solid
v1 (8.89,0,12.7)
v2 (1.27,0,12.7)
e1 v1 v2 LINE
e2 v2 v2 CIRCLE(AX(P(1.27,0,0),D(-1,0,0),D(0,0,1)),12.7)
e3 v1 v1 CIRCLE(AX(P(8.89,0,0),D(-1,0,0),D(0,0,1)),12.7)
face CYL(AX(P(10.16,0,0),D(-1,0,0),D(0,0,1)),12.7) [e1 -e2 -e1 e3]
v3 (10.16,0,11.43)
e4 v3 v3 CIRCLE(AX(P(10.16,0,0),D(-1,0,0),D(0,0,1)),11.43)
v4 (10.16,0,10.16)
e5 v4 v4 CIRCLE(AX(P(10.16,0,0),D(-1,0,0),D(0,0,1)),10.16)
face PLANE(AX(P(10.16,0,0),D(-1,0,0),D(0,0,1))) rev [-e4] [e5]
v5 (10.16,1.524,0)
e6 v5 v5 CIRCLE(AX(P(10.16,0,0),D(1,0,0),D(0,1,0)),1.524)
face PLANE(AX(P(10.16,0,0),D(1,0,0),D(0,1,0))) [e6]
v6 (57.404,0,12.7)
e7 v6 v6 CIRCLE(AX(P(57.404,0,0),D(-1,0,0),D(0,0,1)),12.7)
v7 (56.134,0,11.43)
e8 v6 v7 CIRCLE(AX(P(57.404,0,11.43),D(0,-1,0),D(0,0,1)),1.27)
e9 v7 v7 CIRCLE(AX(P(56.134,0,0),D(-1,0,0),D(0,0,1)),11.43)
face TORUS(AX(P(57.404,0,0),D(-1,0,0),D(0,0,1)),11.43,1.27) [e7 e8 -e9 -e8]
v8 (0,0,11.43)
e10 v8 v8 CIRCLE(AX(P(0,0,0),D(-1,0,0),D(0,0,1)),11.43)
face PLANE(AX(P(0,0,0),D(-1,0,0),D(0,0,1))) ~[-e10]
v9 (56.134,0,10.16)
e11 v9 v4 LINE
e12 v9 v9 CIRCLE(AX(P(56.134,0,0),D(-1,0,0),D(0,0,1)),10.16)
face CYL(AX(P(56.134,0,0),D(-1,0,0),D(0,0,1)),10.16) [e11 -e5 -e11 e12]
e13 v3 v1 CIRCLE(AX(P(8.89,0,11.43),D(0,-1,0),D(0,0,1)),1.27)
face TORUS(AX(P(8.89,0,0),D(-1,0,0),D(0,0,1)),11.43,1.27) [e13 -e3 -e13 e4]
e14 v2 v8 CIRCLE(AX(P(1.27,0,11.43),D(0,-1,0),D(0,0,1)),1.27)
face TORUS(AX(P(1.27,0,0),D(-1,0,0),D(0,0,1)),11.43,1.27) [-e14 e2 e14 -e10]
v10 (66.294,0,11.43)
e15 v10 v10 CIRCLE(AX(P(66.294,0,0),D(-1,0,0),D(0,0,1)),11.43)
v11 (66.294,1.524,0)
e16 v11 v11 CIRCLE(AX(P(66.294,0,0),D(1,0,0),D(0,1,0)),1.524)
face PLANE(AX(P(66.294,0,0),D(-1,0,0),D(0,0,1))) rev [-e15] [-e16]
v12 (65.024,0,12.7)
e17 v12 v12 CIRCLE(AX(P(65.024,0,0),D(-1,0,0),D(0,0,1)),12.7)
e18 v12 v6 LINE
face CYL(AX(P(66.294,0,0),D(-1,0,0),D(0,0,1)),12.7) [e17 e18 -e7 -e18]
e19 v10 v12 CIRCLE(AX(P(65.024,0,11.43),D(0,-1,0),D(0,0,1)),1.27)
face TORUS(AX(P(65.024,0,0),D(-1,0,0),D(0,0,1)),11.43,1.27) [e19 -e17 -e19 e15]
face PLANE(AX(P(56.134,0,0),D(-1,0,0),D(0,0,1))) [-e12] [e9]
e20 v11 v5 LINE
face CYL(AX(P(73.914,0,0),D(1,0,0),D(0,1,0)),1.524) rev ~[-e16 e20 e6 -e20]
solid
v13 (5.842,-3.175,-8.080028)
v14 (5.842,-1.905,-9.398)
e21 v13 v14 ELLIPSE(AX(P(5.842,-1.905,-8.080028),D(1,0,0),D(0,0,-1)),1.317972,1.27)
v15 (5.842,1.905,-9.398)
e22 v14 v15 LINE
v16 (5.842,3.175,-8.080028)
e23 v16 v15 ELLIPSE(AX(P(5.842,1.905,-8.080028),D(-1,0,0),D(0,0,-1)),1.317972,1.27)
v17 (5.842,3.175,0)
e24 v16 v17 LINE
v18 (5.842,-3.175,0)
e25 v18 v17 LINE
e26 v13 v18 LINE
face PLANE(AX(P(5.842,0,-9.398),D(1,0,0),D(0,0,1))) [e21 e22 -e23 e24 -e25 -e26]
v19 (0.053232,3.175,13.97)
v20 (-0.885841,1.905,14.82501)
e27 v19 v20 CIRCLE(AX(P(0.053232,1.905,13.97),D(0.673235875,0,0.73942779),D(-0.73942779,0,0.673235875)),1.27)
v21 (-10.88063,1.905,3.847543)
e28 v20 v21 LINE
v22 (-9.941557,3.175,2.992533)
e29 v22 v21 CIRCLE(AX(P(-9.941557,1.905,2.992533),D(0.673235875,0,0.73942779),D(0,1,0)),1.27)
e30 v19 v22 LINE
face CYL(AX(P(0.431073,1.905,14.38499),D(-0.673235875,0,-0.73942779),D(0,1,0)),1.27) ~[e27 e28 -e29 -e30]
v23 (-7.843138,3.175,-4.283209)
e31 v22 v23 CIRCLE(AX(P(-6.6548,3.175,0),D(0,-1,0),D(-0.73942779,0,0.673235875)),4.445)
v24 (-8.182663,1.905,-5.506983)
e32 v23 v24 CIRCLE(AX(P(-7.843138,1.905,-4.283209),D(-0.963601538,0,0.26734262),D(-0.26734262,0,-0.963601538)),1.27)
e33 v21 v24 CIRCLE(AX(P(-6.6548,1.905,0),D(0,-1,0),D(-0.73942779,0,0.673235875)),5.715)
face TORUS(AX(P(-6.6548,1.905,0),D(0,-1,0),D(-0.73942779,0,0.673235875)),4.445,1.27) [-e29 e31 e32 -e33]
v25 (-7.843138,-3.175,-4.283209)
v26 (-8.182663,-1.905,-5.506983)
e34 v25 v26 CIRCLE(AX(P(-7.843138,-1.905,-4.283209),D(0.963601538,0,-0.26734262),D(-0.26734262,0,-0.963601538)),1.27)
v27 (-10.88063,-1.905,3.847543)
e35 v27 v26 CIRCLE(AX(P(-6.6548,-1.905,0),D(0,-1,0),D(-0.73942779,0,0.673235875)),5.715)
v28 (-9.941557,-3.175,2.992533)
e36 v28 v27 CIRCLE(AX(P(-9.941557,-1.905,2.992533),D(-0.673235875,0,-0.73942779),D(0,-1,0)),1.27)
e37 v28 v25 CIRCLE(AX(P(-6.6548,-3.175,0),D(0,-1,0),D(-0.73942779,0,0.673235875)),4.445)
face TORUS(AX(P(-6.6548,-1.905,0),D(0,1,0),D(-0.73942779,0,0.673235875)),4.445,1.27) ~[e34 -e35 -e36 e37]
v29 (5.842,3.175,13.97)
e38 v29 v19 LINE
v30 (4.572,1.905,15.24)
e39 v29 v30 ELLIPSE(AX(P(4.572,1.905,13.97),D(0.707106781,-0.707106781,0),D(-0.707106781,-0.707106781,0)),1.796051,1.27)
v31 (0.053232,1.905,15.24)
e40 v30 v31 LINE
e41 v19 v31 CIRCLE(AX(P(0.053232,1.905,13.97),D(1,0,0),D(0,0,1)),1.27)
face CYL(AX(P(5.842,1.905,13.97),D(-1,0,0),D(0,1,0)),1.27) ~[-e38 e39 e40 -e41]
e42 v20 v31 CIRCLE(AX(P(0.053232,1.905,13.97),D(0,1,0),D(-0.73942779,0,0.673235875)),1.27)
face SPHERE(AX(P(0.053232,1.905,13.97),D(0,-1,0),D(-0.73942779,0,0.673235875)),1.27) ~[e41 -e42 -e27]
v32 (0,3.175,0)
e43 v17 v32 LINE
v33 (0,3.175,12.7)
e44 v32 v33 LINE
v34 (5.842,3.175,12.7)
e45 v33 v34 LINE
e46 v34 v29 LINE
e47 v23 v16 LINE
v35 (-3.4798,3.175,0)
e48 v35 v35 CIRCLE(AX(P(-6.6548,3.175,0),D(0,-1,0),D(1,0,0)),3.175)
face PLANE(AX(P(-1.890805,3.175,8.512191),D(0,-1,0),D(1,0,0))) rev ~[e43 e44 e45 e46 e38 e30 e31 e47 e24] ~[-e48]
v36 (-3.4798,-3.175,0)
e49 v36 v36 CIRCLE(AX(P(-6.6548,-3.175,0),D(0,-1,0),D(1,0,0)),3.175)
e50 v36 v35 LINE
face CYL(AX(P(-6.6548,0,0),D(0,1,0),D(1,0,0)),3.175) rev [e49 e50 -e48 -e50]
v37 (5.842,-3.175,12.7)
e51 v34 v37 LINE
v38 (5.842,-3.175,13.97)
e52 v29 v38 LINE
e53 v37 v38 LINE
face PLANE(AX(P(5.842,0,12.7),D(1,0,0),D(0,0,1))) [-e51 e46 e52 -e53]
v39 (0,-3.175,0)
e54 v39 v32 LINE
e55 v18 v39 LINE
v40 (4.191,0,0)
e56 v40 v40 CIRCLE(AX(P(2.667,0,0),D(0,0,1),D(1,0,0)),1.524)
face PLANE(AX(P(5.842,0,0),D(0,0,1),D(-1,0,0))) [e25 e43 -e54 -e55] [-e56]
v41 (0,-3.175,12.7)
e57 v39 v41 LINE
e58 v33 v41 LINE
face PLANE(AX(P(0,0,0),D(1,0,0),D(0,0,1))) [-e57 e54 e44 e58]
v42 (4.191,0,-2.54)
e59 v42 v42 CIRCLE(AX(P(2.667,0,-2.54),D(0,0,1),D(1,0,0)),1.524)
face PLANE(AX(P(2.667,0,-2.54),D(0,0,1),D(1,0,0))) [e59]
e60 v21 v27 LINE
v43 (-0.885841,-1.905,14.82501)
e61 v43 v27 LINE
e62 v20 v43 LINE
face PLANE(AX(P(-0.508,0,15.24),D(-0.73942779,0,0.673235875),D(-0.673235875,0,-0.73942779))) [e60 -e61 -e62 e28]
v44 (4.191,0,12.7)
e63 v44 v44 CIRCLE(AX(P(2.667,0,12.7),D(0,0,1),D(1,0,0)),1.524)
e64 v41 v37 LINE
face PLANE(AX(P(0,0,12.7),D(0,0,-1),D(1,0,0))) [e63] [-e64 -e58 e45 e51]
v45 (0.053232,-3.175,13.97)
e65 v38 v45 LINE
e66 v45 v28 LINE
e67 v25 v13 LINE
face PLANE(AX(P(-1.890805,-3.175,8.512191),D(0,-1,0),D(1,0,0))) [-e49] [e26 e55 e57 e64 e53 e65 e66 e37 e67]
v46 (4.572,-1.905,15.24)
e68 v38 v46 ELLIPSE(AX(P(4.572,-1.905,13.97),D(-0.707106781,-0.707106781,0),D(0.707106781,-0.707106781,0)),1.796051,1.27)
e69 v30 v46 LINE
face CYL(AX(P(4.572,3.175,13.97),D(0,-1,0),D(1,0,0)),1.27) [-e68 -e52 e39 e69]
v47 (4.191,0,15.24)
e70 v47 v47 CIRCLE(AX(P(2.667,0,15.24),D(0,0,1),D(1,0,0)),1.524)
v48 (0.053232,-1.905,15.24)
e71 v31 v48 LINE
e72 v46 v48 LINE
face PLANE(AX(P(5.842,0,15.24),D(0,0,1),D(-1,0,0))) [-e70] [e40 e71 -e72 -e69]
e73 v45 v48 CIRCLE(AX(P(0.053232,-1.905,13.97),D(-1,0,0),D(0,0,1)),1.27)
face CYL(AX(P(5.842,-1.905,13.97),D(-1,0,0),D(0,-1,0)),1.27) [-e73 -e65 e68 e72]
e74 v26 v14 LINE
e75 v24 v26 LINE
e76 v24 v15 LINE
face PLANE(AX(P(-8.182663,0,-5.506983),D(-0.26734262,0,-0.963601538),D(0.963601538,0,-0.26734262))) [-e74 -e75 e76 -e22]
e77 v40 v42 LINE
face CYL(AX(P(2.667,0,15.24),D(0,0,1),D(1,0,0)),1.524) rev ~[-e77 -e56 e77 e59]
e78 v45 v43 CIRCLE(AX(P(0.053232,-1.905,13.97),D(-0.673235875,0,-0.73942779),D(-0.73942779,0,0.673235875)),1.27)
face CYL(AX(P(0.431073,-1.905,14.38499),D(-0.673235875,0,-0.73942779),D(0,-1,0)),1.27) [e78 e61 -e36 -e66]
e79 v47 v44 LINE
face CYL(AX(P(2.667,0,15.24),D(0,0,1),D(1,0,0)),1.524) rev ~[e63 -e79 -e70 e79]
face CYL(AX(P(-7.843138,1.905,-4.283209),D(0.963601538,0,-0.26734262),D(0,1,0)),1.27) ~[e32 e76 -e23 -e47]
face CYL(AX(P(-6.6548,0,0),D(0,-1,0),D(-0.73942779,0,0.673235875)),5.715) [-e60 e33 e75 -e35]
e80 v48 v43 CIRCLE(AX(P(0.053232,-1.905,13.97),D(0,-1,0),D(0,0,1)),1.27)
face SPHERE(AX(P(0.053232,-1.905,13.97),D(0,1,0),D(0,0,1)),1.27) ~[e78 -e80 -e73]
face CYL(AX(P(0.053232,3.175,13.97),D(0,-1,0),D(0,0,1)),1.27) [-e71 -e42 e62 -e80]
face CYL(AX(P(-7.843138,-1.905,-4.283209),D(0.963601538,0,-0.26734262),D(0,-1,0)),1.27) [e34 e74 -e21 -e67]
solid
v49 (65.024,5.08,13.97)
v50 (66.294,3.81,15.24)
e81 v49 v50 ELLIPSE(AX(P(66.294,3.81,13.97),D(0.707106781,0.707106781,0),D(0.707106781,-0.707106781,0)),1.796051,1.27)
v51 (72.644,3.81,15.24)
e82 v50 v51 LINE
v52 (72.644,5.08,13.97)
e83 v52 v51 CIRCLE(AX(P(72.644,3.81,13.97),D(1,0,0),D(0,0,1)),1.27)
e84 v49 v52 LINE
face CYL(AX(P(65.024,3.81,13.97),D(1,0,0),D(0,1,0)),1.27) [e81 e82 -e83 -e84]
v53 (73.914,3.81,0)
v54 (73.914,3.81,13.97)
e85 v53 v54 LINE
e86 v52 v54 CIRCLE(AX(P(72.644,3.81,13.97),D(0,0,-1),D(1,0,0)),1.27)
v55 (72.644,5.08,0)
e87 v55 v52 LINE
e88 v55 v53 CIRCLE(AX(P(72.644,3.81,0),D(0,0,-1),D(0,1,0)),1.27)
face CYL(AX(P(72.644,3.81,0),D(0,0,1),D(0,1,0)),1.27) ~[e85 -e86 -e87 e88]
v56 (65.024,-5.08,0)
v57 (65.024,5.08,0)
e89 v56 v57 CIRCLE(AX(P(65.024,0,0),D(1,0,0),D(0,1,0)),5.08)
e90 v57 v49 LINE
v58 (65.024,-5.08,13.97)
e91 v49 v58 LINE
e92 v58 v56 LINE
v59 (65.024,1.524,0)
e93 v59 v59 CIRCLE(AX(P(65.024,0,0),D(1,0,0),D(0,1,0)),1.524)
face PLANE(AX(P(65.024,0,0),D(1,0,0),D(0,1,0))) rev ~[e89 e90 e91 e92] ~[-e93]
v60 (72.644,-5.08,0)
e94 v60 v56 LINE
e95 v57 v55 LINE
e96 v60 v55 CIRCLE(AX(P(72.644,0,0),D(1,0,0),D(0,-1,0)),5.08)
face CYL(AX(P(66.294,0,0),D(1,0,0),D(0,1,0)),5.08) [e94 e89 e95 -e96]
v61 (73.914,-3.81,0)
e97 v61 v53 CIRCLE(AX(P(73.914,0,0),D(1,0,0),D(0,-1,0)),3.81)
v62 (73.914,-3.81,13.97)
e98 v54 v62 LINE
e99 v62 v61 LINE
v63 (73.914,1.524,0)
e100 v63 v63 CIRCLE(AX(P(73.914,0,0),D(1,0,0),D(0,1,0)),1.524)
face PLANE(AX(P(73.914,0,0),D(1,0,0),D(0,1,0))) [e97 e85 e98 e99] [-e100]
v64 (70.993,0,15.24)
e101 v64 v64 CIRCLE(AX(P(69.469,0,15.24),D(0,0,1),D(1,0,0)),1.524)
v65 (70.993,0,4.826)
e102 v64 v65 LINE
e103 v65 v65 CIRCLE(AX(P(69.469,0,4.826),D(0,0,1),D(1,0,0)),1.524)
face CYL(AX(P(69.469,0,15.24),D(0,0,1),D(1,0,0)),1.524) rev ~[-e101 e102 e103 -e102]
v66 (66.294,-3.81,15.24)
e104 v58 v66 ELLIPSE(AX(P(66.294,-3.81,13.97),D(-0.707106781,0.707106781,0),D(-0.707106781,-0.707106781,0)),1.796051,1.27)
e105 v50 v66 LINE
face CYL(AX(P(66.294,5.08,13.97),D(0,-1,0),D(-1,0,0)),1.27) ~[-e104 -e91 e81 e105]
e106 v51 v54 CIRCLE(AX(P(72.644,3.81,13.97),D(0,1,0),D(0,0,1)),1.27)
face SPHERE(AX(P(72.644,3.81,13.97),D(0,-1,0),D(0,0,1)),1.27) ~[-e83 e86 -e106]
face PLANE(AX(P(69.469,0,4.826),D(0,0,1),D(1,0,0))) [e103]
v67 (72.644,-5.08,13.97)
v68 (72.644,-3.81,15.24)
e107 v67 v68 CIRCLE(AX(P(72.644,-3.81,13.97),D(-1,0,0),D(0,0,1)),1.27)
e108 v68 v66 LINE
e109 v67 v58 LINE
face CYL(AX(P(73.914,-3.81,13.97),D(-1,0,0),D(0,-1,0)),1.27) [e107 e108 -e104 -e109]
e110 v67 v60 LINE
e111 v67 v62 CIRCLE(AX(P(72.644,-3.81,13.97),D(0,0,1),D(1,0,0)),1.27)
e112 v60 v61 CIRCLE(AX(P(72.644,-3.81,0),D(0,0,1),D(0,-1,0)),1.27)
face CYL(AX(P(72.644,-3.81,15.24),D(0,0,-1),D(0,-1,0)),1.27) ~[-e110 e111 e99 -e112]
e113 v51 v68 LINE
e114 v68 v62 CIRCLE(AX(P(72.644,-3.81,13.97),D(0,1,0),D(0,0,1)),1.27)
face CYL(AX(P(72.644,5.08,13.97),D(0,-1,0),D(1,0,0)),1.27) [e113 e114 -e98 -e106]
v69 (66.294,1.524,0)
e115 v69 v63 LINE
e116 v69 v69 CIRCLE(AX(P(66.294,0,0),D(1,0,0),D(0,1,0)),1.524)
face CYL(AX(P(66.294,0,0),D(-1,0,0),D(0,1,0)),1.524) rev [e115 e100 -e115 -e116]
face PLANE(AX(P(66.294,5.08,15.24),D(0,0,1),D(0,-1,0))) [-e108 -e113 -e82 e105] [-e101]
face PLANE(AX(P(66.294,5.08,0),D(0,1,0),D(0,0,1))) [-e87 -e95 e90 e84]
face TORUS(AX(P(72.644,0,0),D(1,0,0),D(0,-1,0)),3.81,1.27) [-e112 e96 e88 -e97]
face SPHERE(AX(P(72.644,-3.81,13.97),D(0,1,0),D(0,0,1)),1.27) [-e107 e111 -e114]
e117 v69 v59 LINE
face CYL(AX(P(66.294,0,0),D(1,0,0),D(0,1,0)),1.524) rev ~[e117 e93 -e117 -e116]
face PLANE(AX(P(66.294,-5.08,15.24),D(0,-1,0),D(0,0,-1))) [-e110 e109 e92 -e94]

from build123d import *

# Parameters (mm, degrees)
F0_W          = 5.842
F0_H          = 12.7
F0_R          = 3.175
F2_DEPTH      = 3.175
F3_R          = 1.524
F4_DEPTH      = 7.62
F4_DEPTH_BACK = 1.27
F5_R          = 1.524
F6_DEPTH      = 63.754
F8_R          = 1.524
F9_DEPTH      = 17.78
F7_R          = 1.524
F10_DEPTH     = 10.414
F11_R         = 1.27
F11_2_R       = 1.27
F11_3_R       = 1.27


with BuildPart() as f1:
    # F0 (on Front) → F1 (revolve)
    with BuildSketch(Plane.XZ):
        Polygon((5.842, 12.7), (5.842, 0), (66.294, 0), (66.294, 12.7), (56.134, 12.7), (56.134, 10.16), (10.16, 10.16), (10.16, 12.7), align=None)
        with Locations((2.921, 6.35)):
            Rectangle(F0_W, F0_H)
    revolve(axis=Axis((33.147, 0, 0), (-1, 0, 0)))

    # F5 (on face) → F6 (cut, through all)
    with BuildSketch(Plane.YZ.offset(73.914)):
        Circle(F5_R)
    extrude(amount=-F6_DEPTH, mode=Mode.SUBTRACT)

    # F11
    f11_edges = [f1.edges().sort_by_distance(p)[0] for p in [
        (56.134, 0, -12.7),
        (66.294, 0, -12.7),
        (10.16, 0, -12.7),
        (0, 0, -12.7),
    ]]
    fillet(f11_edges, radius=F11_R)


with BuildPart() as f2:
    # F0 (on Front) → F2 (new body, symmetric)
    with BuildSketch(Plane.XZ):
        with BuildLine():
            Line((-0.9398, 0), (0, 0))
            Line((0, 0), (0, 12.7))
            Line((0, 12.7), (5.842, 12.7))
            Line((5.842, 12.7), (5.842, 15.24))
            Line((5.842, 15.24), (-0.508, 15.24))
            Line((-0.508, 15.24), (-10.8806298187, 3.8475430269))
            ThreePointArc((-10.8806298187, 3.8475430269), (-4.5919612295, 5.3297205562), (-0.9398, 0))
        make_face()
        with BuildLine():
            ThreePointArc((-8.1826630726, -5.5069827884), (-3.1957909266, -4.5493385486), (-0.9398, 0))
            ThreePointArc((-0.9398, 0), (-4.5919612295, 5.3297205562), (-10.8806298187, 3.8475430269))
            ThreePointArc((-10.8806298187, 3.8475430269), (-12.1459778134, -1.5837270034), (-8.1826630726, -5.5069827884))
        make_face()
        with Locations((-6.6548, 0)):
            Circle(F0_R, mode=Mode.SUBTRACT)
        with BuildLine():
            Line((5.842, 0), (0, 0))
            Line((0, 0), (-0.9398, 0))
            ThreePointArc((-0.9398, 0), (-3.1957909266, -4.5493385486), (-8.1826630726, -5.5069827884))
            Line((-8.1826630726, -5.5069827884), (5.842, -9.398))
            Line((5.842, -9.398), (5.842, 0))
        make_face()
    extrude(amount=F2_DEPTH, both=True)

    # F8 (on face) → F9 (cut)
    with BuildSketch(Plane.XY.offset(15.24)):
        with Locations((2.667, 0)):
            Circle(F8_R)
    extrude(amount=-F9_DEPTH, mode=Mode.SUBTRACT)

    # F11#2
    f11_2_edges = [f2.edges().sort_by_distance(p)[0] for p in [
        (5.842, 0, 15.24),
        (2.667, 3.175, 15.24),
        (-0.508, 0, 15.24),
        (2.667, -3.175, 15.24),
        (-5.694315, -3.175, 9.543772),
        (-12.145978, -3.175, -1.583727),
        (-12.145978, 3.175, -1.583727),
        (-5.694315, 3.175, 9.543772),
        (-1.170332, -3.175, -7.452491),
        (-1.170332, 3.175, -7.452491),
    ]]
    fillet(f11_2_edges, radius=F11_2_R)


with BuildPart() as f4:
    # F3 (on face) → F4 (new body, two sides)
    with BuildSketch(Plane.YZ.offset(66.294)) as f4_sk:
        with BuildLine():
            ThreePointArc((-5.08, 0), (0, -5.08), (5.08, 0))
            ThreePointArc((5.08, 0), (0, 5.08), (-5.08, 0))
        make_face()
        Circle(F3_R, mode=Mode.SUBTRACT)
        with BuildLine():
            ThreePointArc((-5.08, 0), (0, 5.08), (5.08, 0))
            Line((5.08, 0), (5.08, 15.24))
            Line((5.08, 15.24), (-5.08, 15.24))
            Line((-5.08, 15.24), (-5.08, 0))
        make_face()
    extrude(amount=F4_DEPTH)
    extrude(f4_sk.sketch, amount=-F4_DEPTH_BACK)

    # F7 (on face) → F10 (cut)
    with BuildSketch(Plane.XY.offset(15.24)):
        with Locations((69.469, 0)):
            Circle(F7_R)
    extrude(amount=-F10_DEPTH, mode=Mode.SUBTRACT)

    # F11#3
    f11_3_edges = [f4.edges().sort_by_distance(p)[0] for p in [
        (73.914, 0, 15.24),
        (69.469, -5.08, 15.24),
        (65.024, 0, 15.24),
        (69.469, 5.08, 15.24),
        (73.914, 0, -5.08),
        (73.914, 5.08, 7.62),
        (73.914, -5.08, 7.62),
    ]]
    fillet(f11_3_edges, radius=F11_3_R)


solid = Compound([f1.part, f2.part, f4.part])
